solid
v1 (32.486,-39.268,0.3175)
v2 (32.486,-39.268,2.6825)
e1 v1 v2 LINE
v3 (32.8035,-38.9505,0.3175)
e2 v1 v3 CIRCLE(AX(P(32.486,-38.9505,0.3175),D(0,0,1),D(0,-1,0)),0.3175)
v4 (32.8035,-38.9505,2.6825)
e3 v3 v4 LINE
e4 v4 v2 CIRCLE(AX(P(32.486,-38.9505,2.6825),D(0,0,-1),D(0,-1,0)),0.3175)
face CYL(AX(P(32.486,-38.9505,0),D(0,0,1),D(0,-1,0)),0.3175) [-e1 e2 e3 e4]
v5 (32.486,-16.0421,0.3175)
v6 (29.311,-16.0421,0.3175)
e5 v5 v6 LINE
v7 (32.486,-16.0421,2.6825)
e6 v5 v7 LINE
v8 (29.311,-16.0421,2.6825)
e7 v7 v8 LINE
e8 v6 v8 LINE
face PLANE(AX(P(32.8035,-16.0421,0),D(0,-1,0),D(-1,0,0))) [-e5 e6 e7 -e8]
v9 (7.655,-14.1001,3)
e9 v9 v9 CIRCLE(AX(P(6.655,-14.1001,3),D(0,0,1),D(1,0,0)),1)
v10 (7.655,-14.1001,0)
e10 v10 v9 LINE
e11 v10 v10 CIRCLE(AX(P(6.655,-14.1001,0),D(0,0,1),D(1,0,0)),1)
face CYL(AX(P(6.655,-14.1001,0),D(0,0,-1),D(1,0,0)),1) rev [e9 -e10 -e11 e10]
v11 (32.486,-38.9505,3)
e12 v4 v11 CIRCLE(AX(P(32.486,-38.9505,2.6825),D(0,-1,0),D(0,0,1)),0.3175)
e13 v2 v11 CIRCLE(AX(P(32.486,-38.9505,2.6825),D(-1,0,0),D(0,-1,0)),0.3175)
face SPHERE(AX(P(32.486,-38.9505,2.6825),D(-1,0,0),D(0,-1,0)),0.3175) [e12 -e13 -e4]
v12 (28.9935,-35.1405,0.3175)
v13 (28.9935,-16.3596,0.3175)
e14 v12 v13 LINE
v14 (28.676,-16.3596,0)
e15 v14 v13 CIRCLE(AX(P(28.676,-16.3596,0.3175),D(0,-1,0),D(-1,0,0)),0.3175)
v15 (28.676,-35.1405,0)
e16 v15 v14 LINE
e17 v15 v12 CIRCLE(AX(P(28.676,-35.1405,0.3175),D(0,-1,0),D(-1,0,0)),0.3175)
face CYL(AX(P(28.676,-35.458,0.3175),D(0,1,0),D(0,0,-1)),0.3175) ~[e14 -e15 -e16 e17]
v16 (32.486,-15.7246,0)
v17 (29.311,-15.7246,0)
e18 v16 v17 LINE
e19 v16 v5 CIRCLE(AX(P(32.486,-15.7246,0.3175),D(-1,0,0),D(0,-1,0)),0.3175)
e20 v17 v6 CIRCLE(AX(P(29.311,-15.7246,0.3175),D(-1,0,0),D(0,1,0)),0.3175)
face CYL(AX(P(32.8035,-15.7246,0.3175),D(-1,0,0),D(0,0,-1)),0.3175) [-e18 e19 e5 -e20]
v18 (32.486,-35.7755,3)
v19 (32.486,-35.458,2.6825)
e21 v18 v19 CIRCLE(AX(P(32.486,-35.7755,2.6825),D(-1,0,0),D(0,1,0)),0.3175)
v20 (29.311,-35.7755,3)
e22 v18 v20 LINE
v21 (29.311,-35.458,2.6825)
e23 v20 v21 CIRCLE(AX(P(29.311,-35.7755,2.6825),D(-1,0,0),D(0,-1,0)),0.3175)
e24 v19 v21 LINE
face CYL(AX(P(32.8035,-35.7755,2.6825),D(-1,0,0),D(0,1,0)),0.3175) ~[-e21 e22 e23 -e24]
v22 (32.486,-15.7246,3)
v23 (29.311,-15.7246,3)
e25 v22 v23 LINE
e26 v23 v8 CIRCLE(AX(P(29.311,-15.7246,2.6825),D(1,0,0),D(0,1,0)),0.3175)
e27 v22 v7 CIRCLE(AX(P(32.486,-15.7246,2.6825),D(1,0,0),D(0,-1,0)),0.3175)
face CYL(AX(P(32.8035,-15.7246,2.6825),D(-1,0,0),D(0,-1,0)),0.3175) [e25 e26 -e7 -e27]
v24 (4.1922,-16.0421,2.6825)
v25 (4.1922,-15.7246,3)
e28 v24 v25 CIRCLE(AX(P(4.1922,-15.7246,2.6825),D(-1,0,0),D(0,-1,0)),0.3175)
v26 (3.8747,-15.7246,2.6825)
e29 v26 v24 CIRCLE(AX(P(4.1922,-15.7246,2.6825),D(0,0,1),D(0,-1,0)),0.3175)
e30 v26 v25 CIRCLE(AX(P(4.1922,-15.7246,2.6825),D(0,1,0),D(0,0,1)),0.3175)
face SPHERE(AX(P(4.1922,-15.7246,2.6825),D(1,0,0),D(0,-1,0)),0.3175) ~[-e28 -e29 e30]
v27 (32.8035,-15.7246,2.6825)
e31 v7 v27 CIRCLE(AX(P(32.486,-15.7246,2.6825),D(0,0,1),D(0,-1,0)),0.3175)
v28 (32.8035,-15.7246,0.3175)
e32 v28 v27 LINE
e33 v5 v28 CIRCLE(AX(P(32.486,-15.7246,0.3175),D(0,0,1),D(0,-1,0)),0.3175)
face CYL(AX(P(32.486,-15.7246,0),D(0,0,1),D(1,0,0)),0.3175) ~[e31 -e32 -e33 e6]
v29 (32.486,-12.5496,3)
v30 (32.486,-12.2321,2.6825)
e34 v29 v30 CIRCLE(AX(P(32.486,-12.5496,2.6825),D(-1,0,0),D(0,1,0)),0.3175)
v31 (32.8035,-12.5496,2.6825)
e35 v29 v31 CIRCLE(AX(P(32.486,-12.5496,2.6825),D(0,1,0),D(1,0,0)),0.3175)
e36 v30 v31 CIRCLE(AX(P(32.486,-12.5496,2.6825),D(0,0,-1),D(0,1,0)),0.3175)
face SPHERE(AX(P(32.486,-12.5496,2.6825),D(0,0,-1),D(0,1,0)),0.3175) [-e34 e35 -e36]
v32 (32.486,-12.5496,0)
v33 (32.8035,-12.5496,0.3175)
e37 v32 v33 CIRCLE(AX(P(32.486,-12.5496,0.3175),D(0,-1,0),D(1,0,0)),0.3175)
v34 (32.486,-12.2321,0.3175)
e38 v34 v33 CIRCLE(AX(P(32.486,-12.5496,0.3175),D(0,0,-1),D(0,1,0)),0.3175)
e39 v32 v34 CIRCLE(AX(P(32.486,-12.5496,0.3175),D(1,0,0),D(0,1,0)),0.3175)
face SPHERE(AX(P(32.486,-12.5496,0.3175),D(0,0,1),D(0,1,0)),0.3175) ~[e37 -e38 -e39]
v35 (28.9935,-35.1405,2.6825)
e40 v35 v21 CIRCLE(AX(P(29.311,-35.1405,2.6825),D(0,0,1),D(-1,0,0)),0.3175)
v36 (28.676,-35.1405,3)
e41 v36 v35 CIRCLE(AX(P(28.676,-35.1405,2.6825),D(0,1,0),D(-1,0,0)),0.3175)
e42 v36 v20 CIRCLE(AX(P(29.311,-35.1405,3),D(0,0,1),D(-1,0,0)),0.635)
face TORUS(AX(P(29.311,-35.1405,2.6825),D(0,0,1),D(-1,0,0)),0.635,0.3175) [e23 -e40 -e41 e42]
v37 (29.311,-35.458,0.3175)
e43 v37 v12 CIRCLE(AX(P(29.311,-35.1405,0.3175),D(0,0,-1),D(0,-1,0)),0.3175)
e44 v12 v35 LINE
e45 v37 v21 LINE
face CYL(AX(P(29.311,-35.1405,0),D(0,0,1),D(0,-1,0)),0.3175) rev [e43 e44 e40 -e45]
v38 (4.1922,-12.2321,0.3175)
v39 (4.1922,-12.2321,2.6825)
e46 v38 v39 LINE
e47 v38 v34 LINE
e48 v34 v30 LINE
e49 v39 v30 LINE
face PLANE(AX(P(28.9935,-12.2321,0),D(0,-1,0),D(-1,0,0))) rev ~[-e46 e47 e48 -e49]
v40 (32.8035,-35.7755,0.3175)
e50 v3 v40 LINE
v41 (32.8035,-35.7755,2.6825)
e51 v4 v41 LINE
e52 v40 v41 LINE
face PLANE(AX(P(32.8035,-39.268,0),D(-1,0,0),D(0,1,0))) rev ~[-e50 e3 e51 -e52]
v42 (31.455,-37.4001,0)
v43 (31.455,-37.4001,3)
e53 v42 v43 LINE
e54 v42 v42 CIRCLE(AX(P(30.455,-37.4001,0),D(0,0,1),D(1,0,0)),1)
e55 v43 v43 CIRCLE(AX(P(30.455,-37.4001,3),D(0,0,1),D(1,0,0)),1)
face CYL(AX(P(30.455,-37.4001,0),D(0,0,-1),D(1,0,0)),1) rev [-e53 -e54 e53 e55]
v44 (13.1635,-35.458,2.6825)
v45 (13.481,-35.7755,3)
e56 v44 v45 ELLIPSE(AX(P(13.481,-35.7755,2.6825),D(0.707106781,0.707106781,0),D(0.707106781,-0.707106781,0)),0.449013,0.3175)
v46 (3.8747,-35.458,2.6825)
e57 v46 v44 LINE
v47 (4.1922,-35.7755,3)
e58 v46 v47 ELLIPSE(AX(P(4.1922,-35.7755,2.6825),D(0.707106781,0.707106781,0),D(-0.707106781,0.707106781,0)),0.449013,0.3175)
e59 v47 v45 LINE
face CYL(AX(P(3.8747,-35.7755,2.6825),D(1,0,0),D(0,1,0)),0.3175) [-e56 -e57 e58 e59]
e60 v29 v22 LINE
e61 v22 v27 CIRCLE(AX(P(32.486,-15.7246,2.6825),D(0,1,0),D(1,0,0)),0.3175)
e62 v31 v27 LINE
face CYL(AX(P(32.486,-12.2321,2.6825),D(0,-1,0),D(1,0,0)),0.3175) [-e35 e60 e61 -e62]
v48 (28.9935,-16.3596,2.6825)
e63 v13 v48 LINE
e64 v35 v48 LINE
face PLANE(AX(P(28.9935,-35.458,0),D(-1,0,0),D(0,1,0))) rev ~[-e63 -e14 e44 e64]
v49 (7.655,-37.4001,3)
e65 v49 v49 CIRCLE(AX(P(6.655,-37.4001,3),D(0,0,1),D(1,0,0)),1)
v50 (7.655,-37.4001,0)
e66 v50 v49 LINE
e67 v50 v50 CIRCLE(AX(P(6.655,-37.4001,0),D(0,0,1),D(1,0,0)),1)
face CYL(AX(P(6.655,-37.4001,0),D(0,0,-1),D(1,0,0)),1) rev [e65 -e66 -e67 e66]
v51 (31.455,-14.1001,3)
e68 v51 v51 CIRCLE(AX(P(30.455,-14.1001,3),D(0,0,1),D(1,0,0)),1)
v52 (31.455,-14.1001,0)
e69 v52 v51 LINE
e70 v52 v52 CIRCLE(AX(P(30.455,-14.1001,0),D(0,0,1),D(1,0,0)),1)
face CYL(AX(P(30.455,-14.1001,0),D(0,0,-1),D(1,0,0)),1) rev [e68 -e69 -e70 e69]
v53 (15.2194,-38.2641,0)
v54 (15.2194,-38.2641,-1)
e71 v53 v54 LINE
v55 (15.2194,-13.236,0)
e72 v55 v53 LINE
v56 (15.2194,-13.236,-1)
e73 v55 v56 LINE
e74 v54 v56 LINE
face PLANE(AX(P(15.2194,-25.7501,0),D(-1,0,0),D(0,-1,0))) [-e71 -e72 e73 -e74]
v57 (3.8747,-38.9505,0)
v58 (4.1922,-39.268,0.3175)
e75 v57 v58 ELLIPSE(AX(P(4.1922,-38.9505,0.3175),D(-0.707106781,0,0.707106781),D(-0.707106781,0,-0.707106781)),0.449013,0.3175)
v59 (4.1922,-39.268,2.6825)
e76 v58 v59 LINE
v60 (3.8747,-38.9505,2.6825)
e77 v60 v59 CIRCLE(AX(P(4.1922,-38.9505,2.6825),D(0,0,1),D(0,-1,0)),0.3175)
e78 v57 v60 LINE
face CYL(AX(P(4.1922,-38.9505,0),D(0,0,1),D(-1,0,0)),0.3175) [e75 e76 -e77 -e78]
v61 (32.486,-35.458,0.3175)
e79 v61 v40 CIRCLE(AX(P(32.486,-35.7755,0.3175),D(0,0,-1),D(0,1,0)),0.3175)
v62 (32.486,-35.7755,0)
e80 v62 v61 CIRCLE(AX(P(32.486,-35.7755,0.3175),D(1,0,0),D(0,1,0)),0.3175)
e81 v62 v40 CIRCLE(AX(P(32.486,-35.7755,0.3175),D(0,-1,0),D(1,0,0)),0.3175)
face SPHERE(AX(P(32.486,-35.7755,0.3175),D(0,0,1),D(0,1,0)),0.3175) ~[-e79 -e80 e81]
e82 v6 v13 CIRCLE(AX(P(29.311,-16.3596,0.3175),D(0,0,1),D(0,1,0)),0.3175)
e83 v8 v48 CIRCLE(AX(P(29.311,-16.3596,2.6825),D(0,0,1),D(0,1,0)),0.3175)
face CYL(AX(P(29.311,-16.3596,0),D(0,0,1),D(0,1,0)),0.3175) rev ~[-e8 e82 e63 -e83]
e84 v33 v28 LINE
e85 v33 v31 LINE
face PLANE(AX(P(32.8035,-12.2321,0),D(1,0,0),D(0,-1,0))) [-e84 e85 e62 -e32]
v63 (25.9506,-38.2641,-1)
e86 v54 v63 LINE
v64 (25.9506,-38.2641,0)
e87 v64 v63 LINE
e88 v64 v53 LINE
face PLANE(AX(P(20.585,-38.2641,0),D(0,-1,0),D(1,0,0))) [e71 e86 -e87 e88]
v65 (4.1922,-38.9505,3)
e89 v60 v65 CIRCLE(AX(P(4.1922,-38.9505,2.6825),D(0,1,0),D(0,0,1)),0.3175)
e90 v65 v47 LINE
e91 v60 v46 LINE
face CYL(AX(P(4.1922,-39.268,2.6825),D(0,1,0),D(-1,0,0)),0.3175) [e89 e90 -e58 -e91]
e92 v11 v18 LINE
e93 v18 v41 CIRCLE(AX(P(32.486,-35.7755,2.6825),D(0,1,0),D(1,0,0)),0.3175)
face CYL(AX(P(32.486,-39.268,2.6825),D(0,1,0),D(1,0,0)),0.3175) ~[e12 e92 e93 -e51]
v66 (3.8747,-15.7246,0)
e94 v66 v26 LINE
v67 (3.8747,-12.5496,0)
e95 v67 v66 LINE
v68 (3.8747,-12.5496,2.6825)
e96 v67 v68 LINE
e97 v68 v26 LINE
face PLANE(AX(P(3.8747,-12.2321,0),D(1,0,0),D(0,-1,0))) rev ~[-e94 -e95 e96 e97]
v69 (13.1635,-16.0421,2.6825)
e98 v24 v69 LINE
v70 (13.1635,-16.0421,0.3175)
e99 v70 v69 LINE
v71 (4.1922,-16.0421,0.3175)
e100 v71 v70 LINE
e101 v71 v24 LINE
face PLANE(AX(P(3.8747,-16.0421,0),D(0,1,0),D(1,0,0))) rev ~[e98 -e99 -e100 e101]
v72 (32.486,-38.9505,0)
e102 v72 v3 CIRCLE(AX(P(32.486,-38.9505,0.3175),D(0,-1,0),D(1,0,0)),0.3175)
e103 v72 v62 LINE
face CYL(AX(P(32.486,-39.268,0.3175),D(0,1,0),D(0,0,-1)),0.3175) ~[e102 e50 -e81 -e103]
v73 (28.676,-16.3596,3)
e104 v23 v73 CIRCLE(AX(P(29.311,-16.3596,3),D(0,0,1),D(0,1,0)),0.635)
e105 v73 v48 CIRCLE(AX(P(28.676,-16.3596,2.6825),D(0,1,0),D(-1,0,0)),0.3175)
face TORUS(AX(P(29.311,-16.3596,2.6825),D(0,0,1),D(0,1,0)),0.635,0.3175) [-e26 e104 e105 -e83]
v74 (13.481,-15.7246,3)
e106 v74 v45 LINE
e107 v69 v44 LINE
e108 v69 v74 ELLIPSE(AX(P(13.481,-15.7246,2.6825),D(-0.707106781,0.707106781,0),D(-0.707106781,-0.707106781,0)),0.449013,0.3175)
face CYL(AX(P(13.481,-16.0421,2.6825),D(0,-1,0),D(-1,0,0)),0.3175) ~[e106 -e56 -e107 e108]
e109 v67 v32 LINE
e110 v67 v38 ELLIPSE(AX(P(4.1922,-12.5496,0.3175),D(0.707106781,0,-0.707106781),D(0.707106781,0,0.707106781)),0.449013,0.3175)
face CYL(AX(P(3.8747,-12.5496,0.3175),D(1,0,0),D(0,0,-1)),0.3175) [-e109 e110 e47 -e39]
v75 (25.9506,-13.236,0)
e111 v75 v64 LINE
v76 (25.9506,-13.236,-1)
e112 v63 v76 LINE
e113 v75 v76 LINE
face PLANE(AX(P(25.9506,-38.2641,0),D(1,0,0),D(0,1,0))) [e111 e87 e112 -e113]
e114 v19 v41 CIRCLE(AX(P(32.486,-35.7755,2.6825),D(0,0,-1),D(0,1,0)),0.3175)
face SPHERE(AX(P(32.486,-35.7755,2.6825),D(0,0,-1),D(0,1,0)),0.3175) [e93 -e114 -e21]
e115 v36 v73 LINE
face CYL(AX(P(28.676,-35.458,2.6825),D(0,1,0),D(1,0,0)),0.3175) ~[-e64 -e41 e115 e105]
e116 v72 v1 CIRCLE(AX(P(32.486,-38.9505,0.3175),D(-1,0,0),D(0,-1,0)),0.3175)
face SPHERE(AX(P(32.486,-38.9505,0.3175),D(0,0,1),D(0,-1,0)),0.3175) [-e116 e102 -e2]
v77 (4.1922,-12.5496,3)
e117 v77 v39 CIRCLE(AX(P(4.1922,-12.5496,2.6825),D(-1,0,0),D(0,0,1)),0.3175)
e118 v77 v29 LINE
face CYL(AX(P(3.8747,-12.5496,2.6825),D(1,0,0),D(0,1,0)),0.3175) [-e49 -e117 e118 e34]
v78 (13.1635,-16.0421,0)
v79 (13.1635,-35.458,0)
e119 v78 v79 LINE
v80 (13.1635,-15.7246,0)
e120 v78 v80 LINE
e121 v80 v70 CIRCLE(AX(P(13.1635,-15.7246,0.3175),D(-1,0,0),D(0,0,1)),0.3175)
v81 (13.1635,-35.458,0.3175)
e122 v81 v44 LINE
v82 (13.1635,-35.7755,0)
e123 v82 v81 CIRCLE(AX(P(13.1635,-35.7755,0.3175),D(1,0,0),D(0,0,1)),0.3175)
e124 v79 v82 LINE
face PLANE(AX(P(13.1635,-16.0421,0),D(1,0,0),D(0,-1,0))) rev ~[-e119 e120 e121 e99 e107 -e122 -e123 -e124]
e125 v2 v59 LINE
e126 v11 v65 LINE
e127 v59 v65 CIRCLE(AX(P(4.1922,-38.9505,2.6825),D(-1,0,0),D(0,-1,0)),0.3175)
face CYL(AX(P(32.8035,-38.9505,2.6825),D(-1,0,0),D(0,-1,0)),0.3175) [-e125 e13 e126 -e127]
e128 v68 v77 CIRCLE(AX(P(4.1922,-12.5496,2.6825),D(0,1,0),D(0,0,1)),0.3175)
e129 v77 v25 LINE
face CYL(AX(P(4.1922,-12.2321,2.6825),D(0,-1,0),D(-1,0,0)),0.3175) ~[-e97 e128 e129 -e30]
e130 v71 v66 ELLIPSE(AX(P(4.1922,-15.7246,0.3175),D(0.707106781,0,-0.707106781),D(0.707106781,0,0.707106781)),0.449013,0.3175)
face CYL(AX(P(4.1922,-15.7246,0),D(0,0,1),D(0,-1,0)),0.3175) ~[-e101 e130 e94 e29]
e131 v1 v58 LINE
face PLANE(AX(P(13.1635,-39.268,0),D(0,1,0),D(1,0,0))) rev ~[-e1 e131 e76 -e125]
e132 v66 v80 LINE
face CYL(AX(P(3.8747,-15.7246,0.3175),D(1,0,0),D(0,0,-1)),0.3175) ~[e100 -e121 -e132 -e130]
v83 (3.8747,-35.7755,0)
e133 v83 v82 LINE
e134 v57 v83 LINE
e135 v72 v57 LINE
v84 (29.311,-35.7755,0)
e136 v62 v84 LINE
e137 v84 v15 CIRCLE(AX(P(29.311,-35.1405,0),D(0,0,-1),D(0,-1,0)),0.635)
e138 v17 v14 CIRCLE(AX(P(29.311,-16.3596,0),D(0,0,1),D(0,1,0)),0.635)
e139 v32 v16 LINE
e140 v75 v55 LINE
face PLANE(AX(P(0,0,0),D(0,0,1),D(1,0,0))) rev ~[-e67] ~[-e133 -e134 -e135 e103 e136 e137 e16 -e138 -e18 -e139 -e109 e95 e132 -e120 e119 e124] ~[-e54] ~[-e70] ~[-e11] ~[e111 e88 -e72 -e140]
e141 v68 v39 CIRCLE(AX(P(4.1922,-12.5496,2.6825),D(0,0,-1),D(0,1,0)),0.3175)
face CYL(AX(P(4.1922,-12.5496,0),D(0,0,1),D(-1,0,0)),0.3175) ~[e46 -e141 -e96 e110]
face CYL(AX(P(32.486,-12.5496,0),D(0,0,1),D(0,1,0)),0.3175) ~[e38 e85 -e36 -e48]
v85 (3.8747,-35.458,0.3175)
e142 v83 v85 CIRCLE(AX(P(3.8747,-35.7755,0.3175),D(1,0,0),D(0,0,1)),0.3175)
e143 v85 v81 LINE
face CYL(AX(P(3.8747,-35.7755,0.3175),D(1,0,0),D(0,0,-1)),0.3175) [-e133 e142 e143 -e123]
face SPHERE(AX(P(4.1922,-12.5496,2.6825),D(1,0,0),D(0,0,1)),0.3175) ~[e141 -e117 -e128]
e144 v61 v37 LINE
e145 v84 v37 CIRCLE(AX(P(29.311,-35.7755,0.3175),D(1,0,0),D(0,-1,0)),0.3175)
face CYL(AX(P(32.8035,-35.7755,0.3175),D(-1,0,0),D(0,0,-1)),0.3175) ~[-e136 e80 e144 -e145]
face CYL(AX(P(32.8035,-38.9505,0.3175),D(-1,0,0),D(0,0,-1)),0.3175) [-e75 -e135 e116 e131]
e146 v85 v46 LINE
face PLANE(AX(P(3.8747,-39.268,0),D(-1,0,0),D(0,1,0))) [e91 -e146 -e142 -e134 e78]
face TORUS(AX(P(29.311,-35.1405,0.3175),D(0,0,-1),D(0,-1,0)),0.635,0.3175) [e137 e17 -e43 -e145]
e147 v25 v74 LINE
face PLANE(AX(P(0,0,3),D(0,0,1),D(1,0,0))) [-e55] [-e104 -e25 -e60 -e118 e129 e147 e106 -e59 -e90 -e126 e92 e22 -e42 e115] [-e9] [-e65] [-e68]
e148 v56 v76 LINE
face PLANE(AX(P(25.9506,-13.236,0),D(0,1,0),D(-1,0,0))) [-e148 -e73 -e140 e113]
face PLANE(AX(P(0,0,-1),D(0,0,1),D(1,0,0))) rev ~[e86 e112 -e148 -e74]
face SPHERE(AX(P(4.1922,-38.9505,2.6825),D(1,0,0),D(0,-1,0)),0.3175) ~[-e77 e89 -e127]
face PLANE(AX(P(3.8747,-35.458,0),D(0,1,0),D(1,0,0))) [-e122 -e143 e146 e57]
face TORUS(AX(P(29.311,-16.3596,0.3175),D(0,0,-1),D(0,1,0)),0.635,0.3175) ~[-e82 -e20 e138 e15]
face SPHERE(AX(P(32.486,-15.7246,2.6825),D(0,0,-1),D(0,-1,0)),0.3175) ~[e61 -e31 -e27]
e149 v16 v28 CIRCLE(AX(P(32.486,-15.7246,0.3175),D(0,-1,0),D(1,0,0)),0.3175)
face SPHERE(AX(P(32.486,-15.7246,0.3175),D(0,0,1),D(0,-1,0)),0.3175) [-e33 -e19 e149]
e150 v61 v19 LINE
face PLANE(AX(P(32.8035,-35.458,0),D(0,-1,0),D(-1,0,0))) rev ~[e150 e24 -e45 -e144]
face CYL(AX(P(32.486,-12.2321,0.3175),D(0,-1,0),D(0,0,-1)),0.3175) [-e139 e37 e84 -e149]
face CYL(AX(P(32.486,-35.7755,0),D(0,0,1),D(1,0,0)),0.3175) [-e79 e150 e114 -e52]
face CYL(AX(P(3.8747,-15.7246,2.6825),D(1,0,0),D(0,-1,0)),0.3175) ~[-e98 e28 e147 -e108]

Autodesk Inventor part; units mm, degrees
ref_plane "YZ Plane" through (0, 0, 0) normal (1, 0, 0) x (0, 1, 0)
ref_plane "XZ Plane" through (0, 0, 0) normal (0, 1, 0) x (-1, 0, 0)
ref_plane "XY Plane" through (0, 0, 0) normal (0, 0, 1) x (1, 0, 0)
ref_plane "Work Plane1" through (0, 0, 0) normal (0, 0, 1) x (1, 0, 0)
sketch "Sketch1" plane through (0, 0, 0) normal (0, 0, 1) x (1, 0, 0)
  line L0 (26.085, -12.7501) -> (26.085, -38.7501) projected
  line L1 (15.085, -12.7501) -> (26.085, -12.7501) projected
  line L2 (15.085, -38.7501) -> (15.085, -12.7501) projected
  line L3 (26.085, -38.7501) -> (15.085, -38.7501) projected
  line L4 (26.085, -25.7501) -> (15.085, -25.7501)
  line L5 (20.585, -38.7501) -> (20.585, -12.7501)
  line L6 (15.2194, -38.2641) -> (25.9506, -38.2641)
  line L7 (25.9506, -38.2641) -> (25.9506, -13.236)
  line L8 (25.9506, -13.236) -> (15.2194, -13.236)
  line L9 (15.2194, -13.236) -> (15.2194, -38.2641)
  line L10 (15.2194, -38.2641) -> (25.9506, -13.236) construction
  line L11 (25.9506, -38.2641) -> (15.2194, -13.236) construction
  point P0 (0, 0)
  point P1 (20.585, -25.7501)
extrude "Extrusion1" add sketch "Sketch1" against normal blind 1 contours L7 L6 L5 L4 | L4 L5 L8 L7 | L5 L4 L9 L8 | L5 L6 L9 L4
sketch "Sketch2" plane through (0, 0, 0) normal (0, 0, 1) x (1, 0, 0)
  line L0 (15.2194, -13.236) -> (15.2194, -38.2641) projected
  line L1 (15.2194, -38.2641) -> (25.9506, -38.2641) projected
  line L2 (25.9506, -38.2641) -> (25.9506, -13.236) projected
  line L3 (25.9506, -13.236) -> (15.2194, -13.236) projected
  line L4 (13.1635, -39.268) -> (28.9935, -39.268)
  line L5 (28.9935, -39.268) -> (28.9935, -12.2321)
  line L6 (28.9935, -12.2321) -> (13.1635, -12.2321)
  line L7 (13.1635, -12.2321) -> (13.1635, -39.268)
  line L8 (13.1635, -39.268) -> (28.9935, -12.2321) construction
  line L9 (28.9935, -39.268) -> (13.1635, -12.2321) construction
  line L10 (28.9935, -12.2321) -> (32.8035, -12.2321)
  line L11 (32.8035, -12.2321) -> (32.8035, -16.0421)
  line L12 (32.8035, -16.0421) -> (28.9935, -16.0421)
  line L13 (28.9935, -39.268) -> (32.8035, -39.268)
  line L14 (32.8035, -39.268) -> (32.8035, -35.458)
  line L15 (32.8035, -35.458) -> (28.9935, -35.458)
  line L16 (13.1635, -12.2321) -> (3.8747, -12.2321)
  line L17 (3.8747, -12.2321) -> (3.8747, -16.0421)
  line L18 (3.8747, -16.0421) -> (13.1635, -16.0421)
  line L19 (13.1635, -39.268) -> (3.8747, -39.268)
  line L20 (3.8747, -39.268) -> (3.8747, -35.458)
  line L21 (3.8747, -35.458) -> (13.1635, -35.458)
  circle A0 centre (30.455, -14.1001) radius 1 projected
  circle A1 centre (30.455, -37.4001) radius 1 projected
  circle A2 centre (6.655, -37.4001) radius 1 projected
  circle A3 centre (6.655, -14.1001) radius 1 projected
  point P0 (0, 0)
  point P1 (21.0785, -25.7501)
  dimension "d2" = 3.81
  dimension "d3" = 3.81
  dimension "d4" = 3.81
  dimension "d5" = 3.81
  dimension "d6" = 6.0858
  dimension "d7" = 4.1119
  dimension "d8" = 27.0359
  dimension "d9" = 3.81
  dimension "d10" = 3.81
  dimension "d11" = 2.0078
  dimension "d12" = 44.1517
extrude "Extrusion2" add sketch "Sketch2" along normal blind 3 contours L3 L2 L1 L0 | L7 L6 L5 L4 | L19 L20 L21 L7 | L5 L15 L14 L13 | L18 L17 L16 L7 | L5 L10 L11 L12
fillet "Fillet1" radius 0.3175 30 edges at (32.8035, -16.0421, 1.5) (32.8035, -12.2321, 1.5) (30.8985, -16.0421, 3) (18.3391, -12.2321, 3) (28.9935, -25.7501, 3) (28.9935, -16.0421, 1.5) (30.8985, -16.0421, 0) (28.9935, -25.7501, 0) (32.8035, -35.458, 1.5) (30.8985, -35.458, 3) (18.3391, -39.268, 3) (32.8035, -39.268, 1.5) (32.8035, -37.363, 3) (32.8035, -14.1371, 3) (28.9935, -35.458, 1.5) (30.8985, -35.458, 0) (18.3391, -39.268, 0) (3.8747, -39.268, 1.5) (3.8747, -37.363, 3) (8.5191, -35.458, 3) (13.1635, -25.7501, 3) (8.5191, -16.0421, 3) (3.8747, -16.0421, 1.5) (3.8747, -14.1371, 3) (18.3391, -12.2321, 0) (3.8747, -12.2321, 1.5) (8.5191, -16.0421, 0) (8.5191, -35.458, 0) (32.8035, -37.363, 0) (32.8035, -14.1371, 0)
properties part number "OLED"
